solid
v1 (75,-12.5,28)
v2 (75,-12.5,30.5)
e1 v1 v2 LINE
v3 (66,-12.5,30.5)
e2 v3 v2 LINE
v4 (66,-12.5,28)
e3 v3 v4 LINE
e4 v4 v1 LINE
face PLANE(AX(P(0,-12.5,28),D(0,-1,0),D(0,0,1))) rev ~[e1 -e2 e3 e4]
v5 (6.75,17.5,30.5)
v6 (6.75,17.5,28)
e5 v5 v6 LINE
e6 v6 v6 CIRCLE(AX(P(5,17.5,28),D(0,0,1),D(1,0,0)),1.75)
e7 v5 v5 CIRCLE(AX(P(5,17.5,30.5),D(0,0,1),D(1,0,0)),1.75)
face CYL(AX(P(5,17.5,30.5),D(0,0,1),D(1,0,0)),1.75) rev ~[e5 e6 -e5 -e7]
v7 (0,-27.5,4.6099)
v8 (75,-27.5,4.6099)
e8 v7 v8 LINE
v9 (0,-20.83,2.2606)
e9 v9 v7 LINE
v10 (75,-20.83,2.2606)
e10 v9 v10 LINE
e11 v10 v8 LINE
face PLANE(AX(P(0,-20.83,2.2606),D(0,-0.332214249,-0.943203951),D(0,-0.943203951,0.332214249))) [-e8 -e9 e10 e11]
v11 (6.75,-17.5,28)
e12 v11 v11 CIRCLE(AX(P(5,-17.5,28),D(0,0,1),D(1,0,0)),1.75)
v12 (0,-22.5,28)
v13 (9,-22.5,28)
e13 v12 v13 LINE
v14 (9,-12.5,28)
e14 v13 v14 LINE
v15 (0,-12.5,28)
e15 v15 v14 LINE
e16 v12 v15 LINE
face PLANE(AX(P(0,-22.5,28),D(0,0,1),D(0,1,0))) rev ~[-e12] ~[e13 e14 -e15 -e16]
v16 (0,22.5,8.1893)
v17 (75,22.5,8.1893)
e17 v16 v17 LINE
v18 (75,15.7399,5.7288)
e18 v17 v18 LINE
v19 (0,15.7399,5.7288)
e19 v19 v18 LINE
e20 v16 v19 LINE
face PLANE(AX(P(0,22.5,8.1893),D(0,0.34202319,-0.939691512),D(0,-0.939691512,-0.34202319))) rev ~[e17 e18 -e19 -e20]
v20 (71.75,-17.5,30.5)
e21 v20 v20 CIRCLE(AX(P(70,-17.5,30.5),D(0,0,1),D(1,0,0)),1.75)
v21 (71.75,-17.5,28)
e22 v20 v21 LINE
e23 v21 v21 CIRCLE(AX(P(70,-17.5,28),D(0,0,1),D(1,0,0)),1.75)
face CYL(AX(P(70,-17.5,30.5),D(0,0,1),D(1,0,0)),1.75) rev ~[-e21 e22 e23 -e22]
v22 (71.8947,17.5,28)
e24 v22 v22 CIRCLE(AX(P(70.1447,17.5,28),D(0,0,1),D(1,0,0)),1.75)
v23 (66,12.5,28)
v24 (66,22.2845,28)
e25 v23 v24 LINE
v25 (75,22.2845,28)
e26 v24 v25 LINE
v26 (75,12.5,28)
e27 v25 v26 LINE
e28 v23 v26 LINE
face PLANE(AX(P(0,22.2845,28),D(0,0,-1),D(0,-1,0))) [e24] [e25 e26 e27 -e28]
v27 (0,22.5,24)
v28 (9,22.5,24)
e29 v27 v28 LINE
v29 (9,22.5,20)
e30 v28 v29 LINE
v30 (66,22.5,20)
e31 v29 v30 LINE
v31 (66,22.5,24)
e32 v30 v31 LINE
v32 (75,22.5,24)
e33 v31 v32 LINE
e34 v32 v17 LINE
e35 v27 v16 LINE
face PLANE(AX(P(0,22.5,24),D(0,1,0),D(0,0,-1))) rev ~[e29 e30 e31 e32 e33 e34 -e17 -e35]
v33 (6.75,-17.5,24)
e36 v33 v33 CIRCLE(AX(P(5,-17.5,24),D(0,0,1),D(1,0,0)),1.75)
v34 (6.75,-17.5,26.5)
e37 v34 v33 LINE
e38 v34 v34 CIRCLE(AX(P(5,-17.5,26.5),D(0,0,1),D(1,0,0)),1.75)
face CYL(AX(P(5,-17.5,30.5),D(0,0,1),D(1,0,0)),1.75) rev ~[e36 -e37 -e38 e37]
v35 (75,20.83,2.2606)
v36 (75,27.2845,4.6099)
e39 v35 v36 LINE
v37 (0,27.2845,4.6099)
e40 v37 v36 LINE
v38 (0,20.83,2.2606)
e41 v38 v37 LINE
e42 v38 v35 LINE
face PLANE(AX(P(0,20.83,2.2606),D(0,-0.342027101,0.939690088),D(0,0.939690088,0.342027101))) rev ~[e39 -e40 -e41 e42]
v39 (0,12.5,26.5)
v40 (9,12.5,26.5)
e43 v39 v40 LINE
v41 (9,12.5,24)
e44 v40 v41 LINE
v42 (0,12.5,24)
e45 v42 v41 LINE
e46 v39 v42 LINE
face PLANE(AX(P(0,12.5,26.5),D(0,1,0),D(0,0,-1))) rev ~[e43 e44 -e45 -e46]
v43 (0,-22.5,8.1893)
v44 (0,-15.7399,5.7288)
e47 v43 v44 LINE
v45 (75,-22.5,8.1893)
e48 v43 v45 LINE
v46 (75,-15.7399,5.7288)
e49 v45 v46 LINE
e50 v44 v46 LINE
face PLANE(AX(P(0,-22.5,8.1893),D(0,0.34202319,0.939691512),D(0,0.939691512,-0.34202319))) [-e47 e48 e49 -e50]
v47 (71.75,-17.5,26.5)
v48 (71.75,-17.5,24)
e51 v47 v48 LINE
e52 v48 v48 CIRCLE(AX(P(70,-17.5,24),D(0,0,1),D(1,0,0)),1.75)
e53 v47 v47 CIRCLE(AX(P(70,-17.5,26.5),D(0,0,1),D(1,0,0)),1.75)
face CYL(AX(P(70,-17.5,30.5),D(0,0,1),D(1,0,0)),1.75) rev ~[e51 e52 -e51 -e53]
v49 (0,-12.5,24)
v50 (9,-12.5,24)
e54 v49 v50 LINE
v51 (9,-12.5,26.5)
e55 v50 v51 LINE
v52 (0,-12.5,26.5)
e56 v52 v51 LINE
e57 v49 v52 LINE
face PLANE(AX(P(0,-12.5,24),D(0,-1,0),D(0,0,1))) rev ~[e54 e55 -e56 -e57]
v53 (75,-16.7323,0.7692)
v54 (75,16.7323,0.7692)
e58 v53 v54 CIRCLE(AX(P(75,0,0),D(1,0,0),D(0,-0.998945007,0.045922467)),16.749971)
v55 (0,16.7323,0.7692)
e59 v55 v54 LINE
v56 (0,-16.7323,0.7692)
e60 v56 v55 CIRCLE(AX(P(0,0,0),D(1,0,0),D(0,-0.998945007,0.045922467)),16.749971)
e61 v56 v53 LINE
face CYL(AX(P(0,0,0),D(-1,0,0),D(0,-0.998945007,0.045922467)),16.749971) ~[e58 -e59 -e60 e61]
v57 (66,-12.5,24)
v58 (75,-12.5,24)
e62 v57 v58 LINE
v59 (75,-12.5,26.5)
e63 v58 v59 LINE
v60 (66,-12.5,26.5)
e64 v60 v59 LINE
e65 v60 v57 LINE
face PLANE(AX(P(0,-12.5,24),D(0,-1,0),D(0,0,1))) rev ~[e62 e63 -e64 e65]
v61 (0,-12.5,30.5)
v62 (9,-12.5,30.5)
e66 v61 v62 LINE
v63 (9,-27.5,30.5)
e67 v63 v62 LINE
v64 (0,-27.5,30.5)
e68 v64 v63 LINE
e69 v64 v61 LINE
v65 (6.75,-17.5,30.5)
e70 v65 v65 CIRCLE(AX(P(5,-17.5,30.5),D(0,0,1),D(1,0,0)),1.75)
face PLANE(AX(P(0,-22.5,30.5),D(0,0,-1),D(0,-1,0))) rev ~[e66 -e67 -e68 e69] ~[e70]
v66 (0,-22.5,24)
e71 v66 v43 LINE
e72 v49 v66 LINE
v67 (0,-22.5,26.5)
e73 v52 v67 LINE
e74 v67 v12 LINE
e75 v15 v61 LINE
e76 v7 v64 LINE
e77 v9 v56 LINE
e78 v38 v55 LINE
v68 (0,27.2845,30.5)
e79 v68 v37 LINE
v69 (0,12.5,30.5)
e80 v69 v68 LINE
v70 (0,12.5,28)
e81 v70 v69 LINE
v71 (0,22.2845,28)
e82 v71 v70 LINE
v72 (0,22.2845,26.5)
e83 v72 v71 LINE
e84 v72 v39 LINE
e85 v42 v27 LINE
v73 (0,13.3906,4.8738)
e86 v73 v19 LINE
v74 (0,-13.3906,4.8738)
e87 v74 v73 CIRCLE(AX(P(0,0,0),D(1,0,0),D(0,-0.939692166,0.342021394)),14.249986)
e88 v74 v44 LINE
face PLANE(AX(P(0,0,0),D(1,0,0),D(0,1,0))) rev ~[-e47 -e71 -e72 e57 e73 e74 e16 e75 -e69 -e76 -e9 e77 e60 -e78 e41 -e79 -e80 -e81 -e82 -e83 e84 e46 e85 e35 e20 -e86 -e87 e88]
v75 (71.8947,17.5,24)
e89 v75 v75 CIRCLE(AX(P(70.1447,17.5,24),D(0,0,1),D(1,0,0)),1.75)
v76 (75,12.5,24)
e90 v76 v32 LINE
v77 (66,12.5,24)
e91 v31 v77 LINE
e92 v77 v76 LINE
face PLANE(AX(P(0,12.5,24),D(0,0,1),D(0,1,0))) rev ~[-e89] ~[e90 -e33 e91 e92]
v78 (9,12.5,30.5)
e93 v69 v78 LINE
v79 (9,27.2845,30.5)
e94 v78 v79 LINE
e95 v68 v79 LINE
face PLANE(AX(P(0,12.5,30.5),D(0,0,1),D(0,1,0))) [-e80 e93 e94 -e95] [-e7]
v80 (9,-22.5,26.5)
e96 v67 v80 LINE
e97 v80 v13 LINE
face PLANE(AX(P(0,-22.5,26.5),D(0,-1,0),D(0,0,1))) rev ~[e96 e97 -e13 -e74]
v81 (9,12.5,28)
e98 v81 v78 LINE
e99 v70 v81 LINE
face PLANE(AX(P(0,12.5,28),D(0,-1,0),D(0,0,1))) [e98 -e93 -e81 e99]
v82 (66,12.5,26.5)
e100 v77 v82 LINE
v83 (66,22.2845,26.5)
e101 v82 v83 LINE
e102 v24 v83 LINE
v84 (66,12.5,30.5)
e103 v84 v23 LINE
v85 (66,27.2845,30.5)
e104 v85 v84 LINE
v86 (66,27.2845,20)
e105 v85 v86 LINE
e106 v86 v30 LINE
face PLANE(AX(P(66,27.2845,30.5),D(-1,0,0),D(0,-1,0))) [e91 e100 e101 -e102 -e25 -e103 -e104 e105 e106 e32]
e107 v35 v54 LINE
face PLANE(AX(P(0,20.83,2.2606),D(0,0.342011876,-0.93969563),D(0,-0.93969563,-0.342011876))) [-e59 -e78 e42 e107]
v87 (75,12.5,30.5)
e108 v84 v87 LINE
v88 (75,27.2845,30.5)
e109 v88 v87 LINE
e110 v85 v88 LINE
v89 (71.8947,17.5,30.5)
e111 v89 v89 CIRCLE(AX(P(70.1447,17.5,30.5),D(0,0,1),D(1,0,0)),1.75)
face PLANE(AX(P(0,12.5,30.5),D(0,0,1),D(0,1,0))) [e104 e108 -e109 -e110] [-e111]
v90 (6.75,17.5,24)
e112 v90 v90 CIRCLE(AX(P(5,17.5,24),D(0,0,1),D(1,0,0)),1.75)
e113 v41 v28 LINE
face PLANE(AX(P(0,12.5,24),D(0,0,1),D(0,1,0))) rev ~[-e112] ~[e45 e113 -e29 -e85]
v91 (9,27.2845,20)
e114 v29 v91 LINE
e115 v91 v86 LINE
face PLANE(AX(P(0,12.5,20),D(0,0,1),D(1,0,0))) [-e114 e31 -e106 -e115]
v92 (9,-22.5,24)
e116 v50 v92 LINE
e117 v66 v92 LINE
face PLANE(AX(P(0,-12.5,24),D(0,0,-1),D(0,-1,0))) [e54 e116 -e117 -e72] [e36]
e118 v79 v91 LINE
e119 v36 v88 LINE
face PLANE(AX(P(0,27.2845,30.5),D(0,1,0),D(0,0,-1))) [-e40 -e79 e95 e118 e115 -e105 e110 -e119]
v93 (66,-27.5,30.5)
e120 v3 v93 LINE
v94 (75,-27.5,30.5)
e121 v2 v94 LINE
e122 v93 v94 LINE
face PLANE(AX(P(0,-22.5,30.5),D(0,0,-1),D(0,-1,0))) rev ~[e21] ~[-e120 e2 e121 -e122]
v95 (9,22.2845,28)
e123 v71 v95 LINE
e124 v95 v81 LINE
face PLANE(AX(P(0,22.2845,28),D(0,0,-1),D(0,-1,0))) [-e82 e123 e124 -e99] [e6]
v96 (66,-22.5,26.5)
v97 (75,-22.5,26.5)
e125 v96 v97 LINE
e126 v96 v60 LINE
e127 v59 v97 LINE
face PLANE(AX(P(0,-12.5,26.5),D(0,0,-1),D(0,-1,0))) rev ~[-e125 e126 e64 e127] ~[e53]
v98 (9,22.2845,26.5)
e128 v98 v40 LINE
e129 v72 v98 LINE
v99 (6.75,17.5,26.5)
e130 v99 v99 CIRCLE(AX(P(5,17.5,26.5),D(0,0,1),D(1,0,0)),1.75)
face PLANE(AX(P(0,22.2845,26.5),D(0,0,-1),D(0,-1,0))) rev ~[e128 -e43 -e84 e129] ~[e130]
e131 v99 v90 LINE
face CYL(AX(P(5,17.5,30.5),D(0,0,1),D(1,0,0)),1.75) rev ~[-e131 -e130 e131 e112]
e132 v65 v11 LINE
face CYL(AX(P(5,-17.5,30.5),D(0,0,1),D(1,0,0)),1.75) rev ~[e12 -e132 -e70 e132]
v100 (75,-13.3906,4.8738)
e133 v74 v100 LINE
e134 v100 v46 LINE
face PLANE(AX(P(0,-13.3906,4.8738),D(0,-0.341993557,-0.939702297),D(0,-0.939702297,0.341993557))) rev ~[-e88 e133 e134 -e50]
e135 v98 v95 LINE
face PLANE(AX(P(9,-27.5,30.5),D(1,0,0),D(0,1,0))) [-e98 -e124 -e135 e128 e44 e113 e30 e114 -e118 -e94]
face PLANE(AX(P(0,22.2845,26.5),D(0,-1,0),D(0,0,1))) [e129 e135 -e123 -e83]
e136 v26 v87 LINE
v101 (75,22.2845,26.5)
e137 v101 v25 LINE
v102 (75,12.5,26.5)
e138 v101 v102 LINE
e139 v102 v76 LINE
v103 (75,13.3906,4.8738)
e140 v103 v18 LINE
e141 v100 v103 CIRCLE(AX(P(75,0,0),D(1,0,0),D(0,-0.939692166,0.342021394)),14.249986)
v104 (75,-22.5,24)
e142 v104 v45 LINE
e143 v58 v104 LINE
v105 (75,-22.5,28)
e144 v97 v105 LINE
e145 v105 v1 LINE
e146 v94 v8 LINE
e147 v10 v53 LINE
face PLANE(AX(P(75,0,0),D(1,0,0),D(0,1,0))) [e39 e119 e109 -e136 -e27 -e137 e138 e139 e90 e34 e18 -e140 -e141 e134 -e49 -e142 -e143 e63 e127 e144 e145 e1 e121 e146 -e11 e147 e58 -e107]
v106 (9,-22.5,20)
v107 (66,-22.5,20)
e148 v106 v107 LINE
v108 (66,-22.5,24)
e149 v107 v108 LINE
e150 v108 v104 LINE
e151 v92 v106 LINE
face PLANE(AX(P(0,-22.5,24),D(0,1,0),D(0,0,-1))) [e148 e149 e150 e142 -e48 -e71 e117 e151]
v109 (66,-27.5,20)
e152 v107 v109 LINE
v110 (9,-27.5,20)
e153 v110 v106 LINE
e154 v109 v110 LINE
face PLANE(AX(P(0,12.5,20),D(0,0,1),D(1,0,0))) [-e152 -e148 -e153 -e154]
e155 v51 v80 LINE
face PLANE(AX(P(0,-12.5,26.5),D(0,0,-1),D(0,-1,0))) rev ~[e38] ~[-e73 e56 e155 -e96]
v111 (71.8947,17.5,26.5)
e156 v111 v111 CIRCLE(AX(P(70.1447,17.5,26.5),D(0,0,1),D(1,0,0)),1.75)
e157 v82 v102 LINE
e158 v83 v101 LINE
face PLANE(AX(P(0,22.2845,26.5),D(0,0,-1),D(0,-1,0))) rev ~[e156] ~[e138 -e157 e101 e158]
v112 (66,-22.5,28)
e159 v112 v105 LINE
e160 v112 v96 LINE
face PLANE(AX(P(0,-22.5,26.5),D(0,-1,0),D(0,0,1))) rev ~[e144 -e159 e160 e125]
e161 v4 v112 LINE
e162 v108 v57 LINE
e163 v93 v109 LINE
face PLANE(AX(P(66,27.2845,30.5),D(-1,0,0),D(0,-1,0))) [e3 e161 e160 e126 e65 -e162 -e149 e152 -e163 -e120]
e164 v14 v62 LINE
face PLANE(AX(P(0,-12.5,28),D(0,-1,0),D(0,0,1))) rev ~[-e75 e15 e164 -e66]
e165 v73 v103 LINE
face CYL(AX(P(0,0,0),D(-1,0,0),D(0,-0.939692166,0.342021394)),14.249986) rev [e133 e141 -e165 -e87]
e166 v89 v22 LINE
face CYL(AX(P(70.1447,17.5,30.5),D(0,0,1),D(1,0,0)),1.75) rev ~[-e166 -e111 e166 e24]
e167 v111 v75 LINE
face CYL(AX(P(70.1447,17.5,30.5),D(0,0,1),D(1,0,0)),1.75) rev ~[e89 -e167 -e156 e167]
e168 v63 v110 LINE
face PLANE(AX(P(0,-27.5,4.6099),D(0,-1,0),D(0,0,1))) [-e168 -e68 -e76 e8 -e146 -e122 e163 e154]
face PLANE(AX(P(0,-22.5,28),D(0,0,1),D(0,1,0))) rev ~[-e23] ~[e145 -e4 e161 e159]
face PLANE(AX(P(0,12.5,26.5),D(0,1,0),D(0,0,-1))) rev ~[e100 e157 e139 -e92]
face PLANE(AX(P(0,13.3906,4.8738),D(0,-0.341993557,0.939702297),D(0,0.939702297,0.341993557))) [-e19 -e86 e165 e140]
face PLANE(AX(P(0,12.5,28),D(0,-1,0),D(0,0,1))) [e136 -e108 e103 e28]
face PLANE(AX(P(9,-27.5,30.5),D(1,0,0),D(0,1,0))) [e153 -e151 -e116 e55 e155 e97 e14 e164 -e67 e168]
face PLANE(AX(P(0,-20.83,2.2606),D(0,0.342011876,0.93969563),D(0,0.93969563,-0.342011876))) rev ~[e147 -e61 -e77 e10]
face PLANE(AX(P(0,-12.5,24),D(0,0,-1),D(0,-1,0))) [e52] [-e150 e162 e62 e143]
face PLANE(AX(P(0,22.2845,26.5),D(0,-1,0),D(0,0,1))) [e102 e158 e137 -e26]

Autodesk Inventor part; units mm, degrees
ref_plane "YZ Plane" through (0, 0, 0) normal (1, 0, 0) x (0, 1, 0)
ref_plane "XZ Plane" through (0, 0, 0) normal (0, 1, 0) x (-1, 0, 0)
ref_plane "XY Plane" through (0, 0, 0) normal (0, 0, 1) x (1, 0, 0)
sketch "Szkic1" plane through (0, 0, 0) normal (1, 0, 0) x (0, 1, 0)
  arc A0 (-13.3906, 4.8738) -> (13.3906, 4.8738) centre (0, 0) ccw
  arc A1 (-16.7323, 0.7692) -> (16.7323, 0.7692) centre (0, 0) ccw
  line L0 (13.3906, 4.8738) -> (15.7399, 5.7288)
  line L1 (0, 0) -> (16.75, 0) construction
  line L2 (0, 0) -> (0, 14)
  line L3 (-13.3906, 4.8738) -> (-15.7399, 5.7288)
  line L4 (0, 14) -> (0, 16.75)
  line L5 (12.5, 24) -> (22.5, 24)
  line L6 (-12.5, 24) -> (-22.5, 24)
  line L7 (22.2845, 26.5) -> (12.5, 26.5)
  line L8 (12.5, 26.5) -> (12.5, 24)
  line L9 (22.2845, 26.5) -> (22.2845, 28)
  line L10 (22.2845, 28) -> (12.5, 28)
  line L11 (12.5, 28) -> (12.5, 30.5)
  line L12 (12.5, 30.5) -> (22.2845, 30.5)
  line L13 (-22.5, 24) -> (-12.5, 24)
  line L14 (-12.5, 24) -> (-12.5, 26.5)
  line L15 (-12.5, 26.5) -> (-22.5, 26.5)
  line L16 (-22.5, 26.5) -> (-22.5, 28)
  line L17 (-22.5, 28) -> (-12.5, 28)
  line L18 (-12.5, 28) -> (-12.5, 30.5)
  line L19 (-12.5, 30.5) -> (-22.5, 30.5)
  line L20 (22.5, 24) -> (22.5, 8.1893)
  line L21 (22.5, 8.1893) -> (15.7399, 5.7288)
  line L22 (-22.5, 24) -> (-22.5, 8.1893)
  line L23 (-22.5, 8.1893) -> (-15.7399, 5.7288)
  line L24 (-22.5, 30.5) -> (-27.5, 30.5)
  line L25 (-27.5, 30.5) -> (-27.5, 10.0092)
  line L26 (22.2845, 30.5) -> (27.2845, 30.5)
  line L27 (27.2845, 30.5) -> (27.2845, 10.0135)
  line L28 (20.83, 2.2606) -> (27.2845, 4.6099)
  line L29 (27.2845, 4.6099) -> (27.2845, 10.0135)
  line L30 (20.83, 2.2606) -> (16.7323, 0.7692)
  line L31 (-20.83, 2.2606) -> (-16.7323, 0.7692)
  line L32 (-20.83, 2.2606) -> (-27.5, 4.6099)
  line L33 (-27.5, 4.6099) -> (-27.5, 10.0092)
  dimension "d26" = 5
  dimension "d27" = 5
extrude "Wyciągnięcie proste1" add sketch "Szkic1" along normal blind 75
sketch "Szkic2" plane through (0, 12.5, 30.5) normal (0, 0, 1) x (1, 0, 0)
  line L0 (0, 14.7845) -> (75, 14.7845) projected
  line L1 (0, 14.7845) -> (9, 14.7845)
  line L2 (75, -40) -> (75, -33.33) projected
  line L3 (75, -40) -> (66, -40)
  line L4 (9, 14.7845) -> (66, 14.7845)
  line L5 (66, 14.7845) -> (66, -40)
  line L6 (66, -40) -> (9, -40)
  line L7 (9, -40) -> (9, 14.7845)
  point P0 (0, -12.5)
  dimension "d32" = 9
  dimension "d33" = 9
extrude "Wyciągnięcie proste2" cut sketch "Szkic2" against normal blind 10.5
sketch "Szkic3" plane through (0, 12.5, 30.5) normal (0, 0, 1) x (1, 0, 0)
  line L0 (0, 0) -> (0, 9.7845) projected
  line L1 (5, 0) -> (0, 0)
  circle A0 centre (5, 5) radius 1.75
  line L2 (0, -25) -> (9, -25) projected
  line L3 (5, -25) -> (0, -25)
  circle A1 centre (5, -30) radius 1.75
  line L4 (66, -25) -> (75, -25) projected
  circle A2 centre (70, -30) radius 1.75
  circle A3 centre (70.1447, 5) radius 1.75
  point P0 (0, -12.5)
  dimension "d39" = 3.5
  dimension "d42" = 3.5
  dimension "d46" = 3.5
  dimension "d48" = 3.5
extrude "Wyciągnięcie proste3" cut sketch "Szkic3" against normal blind 10.5
properties part number "obejmadrążka"
